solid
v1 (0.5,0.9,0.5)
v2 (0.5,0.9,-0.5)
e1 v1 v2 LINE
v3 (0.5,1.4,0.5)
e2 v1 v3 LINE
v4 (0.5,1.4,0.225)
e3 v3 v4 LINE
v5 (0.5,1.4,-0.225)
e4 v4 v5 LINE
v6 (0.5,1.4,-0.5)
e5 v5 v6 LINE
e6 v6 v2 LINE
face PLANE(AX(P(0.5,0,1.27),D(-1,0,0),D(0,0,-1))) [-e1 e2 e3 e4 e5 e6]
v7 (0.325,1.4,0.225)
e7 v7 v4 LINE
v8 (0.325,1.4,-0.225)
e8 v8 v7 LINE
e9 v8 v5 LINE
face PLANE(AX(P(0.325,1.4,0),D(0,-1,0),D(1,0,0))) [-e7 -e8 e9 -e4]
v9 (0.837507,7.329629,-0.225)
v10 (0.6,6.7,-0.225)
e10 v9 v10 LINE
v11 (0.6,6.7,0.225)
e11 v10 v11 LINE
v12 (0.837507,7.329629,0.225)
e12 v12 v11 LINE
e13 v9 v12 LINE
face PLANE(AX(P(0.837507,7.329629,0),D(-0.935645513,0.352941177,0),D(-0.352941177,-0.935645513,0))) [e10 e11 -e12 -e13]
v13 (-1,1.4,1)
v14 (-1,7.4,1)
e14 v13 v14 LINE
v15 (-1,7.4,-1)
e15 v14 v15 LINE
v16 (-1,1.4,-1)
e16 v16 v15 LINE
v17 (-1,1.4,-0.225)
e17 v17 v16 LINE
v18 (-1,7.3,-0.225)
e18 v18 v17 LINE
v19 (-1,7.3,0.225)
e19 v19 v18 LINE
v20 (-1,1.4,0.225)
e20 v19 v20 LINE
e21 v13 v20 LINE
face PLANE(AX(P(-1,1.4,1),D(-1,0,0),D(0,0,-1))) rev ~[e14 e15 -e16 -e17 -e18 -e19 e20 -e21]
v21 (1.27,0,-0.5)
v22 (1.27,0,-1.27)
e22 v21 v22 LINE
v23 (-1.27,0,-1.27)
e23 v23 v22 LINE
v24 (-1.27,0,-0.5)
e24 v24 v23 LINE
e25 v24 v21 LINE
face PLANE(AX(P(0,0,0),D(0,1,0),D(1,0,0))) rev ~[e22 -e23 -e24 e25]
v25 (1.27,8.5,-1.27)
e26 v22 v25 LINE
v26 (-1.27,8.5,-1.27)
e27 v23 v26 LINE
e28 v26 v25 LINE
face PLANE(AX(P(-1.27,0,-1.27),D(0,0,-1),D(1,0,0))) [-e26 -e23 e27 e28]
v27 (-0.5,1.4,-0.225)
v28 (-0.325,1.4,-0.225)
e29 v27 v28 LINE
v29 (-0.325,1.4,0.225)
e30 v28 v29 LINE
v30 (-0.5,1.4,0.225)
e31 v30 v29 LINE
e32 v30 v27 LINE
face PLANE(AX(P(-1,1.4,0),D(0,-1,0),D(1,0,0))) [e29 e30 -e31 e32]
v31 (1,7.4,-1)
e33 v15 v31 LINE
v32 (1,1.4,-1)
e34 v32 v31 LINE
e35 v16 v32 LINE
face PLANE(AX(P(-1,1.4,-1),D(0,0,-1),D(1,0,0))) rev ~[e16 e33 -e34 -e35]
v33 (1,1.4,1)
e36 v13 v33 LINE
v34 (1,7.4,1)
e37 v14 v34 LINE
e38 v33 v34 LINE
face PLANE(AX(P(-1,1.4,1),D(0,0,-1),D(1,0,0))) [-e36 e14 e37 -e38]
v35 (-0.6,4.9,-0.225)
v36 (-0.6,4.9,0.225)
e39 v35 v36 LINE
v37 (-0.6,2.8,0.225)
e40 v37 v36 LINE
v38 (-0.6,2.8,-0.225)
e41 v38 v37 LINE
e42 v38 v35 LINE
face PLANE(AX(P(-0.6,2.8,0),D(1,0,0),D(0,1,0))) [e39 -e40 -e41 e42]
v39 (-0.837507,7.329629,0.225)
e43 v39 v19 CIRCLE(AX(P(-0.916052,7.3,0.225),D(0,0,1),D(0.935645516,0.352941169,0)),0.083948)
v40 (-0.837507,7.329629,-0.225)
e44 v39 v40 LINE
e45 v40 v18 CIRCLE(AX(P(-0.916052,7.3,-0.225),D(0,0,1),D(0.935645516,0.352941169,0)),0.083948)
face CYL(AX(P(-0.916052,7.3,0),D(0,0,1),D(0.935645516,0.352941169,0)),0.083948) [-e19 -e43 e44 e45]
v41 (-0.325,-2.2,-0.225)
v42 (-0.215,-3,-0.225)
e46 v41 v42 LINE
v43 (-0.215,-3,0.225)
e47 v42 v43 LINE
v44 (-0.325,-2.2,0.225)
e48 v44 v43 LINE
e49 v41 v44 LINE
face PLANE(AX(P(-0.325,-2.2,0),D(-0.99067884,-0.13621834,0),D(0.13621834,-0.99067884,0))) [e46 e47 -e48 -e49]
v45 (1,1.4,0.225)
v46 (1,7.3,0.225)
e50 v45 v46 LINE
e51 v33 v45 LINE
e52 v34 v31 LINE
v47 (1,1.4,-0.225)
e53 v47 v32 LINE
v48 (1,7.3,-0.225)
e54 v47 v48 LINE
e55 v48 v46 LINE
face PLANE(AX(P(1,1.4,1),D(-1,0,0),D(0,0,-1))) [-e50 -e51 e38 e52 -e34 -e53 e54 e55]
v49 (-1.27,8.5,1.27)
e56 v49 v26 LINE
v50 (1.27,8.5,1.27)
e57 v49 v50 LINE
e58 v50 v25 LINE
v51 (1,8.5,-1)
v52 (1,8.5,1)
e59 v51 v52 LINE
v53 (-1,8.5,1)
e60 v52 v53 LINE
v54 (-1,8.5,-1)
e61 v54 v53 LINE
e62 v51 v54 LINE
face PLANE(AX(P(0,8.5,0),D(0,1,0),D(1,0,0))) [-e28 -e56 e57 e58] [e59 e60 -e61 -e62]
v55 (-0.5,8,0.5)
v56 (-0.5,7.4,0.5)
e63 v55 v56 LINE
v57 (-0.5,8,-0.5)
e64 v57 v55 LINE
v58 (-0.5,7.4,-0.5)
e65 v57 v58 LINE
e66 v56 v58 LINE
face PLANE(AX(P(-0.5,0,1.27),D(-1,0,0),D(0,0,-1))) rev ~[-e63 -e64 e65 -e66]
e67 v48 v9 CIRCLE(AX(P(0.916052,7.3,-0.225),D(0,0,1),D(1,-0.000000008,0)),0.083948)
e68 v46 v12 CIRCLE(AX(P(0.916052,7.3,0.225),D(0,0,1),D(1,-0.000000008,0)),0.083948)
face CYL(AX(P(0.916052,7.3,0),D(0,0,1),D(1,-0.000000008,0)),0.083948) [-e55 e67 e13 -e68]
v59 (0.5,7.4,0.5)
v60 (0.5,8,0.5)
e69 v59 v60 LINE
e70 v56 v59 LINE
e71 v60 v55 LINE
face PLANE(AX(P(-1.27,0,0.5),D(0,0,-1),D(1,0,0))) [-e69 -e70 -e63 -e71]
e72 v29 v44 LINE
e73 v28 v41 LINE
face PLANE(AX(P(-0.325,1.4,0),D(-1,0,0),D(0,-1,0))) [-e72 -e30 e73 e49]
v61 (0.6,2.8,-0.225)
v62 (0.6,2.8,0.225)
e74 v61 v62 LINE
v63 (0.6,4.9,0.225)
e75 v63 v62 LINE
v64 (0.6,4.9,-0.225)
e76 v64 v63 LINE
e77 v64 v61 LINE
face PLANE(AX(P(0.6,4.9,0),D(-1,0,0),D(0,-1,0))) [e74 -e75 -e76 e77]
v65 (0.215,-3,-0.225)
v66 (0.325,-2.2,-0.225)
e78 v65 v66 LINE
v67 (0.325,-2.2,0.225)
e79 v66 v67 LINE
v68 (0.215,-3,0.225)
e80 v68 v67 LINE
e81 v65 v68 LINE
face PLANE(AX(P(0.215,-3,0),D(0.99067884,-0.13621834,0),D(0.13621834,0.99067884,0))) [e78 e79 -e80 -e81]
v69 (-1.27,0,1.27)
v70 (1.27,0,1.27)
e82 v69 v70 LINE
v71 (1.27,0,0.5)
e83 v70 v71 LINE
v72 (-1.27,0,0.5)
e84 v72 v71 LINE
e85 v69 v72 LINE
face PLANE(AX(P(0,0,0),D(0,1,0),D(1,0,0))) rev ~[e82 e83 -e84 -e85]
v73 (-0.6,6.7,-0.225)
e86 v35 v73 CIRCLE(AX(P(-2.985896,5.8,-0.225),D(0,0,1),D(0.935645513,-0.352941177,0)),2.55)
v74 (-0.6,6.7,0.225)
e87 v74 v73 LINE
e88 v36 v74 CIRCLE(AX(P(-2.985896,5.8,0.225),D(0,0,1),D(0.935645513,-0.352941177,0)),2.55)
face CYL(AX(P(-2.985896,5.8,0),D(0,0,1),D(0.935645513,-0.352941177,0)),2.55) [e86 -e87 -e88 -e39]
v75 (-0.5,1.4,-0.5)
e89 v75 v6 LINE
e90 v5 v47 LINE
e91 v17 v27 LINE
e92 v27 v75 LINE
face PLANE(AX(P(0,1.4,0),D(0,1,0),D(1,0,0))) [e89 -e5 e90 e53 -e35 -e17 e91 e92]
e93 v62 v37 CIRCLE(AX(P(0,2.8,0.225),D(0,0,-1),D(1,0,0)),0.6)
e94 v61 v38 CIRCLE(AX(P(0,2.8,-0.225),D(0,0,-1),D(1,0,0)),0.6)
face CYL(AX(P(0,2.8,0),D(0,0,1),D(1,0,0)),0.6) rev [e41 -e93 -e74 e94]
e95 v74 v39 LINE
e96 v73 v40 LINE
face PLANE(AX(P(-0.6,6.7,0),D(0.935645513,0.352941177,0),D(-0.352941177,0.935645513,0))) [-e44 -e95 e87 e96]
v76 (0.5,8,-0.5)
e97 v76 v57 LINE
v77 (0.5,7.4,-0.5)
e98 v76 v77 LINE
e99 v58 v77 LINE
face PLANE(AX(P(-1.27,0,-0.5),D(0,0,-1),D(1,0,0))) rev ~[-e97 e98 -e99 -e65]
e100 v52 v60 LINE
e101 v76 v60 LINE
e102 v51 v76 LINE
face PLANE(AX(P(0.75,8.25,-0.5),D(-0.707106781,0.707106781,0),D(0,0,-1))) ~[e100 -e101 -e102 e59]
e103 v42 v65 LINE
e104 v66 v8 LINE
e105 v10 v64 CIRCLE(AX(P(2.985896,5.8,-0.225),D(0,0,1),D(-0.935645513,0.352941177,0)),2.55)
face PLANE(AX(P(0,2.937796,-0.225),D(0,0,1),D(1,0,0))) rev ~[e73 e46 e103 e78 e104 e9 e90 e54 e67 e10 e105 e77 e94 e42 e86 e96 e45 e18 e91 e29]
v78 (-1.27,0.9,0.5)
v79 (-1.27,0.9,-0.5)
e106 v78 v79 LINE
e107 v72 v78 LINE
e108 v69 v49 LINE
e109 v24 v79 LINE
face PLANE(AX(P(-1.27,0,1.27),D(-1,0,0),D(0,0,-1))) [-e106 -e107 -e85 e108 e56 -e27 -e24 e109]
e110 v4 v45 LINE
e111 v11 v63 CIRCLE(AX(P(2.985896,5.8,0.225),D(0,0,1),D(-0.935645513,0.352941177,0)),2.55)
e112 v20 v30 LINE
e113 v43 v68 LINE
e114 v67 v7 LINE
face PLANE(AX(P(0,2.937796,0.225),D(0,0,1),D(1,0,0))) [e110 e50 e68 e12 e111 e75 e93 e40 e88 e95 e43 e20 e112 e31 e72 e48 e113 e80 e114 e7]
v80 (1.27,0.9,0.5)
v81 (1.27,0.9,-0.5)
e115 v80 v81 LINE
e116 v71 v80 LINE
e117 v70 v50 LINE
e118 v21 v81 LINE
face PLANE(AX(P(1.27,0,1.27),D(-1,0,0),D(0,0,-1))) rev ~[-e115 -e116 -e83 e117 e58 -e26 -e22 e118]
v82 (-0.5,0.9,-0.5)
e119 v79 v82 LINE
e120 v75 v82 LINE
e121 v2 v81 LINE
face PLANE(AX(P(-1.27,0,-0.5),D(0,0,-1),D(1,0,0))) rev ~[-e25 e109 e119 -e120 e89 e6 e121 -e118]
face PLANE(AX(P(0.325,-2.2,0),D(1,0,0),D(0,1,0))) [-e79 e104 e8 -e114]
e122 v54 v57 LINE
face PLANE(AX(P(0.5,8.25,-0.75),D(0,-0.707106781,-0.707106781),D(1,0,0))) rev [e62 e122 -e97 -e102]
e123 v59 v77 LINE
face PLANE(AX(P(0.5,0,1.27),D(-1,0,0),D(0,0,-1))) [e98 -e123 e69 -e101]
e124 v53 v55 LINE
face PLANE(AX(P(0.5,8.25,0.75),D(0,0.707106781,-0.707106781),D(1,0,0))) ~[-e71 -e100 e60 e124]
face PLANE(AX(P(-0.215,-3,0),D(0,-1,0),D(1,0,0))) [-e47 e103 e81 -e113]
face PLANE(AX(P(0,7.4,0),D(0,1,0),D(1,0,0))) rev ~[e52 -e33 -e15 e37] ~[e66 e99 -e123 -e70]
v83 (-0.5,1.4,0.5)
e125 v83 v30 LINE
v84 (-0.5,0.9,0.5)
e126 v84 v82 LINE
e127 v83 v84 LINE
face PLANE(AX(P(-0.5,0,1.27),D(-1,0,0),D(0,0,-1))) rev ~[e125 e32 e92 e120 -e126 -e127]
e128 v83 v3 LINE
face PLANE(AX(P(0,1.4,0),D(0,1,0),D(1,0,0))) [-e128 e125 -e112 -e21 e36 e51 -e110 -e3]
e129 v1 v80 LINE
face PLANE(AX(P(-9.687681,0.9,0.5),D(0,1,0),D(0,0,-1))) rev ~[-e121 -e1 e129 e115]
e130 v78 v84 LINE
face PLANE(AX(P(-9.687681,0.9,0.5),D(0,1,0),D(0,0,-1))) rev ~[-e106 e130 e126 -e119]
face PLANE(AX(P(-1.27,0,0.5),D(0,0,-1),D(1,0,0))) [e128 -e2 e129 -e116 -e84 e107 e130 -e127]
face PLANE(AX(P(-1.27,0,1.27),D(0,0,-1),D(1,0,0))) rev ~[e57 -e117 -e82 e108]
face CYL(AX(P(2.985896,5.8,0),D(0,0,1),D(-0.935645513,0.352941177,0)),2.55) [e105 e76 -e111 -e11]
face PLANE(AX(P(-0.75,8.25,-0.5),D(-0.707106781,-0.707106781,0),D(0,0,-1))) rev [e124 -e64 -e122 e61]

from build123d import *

# Parameters (mm, degrees)
SKETCH1_W               = 2.54
SKETCH1_H               = 2.54
BOSS_EXTRUDE1_DEPTH     = 8.5
SHELL1_T                = -0.77
CHAMFER1_SIZE           = 0.5
CUT_EXTRUDE1_DEPTH      = 9.687680933
CUT_EXTRUDE1_DEPTH_BACK = 9.687680933
SKETCH2_W               = 1
SKETCH2_H               = 0.9
CUT_EXTRUDE3_START      = 1.4
SKETCH3_W               = 2
SKETCH3_H               = 2
CUT_EXTRUDE3_DEPTH      = 6
BOSS_EXTRUDE2_DEPTH     = 0.225


with BuildPart() as part:
    # Sketch1 → Boss-Extrude1 (new body)
    with BuildSketch(Plane(origin=(0, 0, 0), x_dir=(1, 0, 0), z_dir=(0, 1, 0))):
        Rectangle(SKETCH1_W, SKETCH1_H)
    extrude(amount=BOSS_EXTRUDE1_DEPTH)

    # Shell1
    shell1_openings = [part.faces().sort_by_distance(p)[0] for p in [
        (0, 8.5, 0),
    ]]
    offset(amount=SHELL1_T, openings=shell1_openings, kind=Kind.INTERSECTION)

    # Chamfer1
    chamfer1_edges = [part.edges().sort_by_distance(p)[0] for p in [
        (-0.5, 8.5, 0),
        (0, 8.5, 0.5),
        (0.5, 8.5, 0),
        (0, 8.5, -0.5),
    ]]
    chamfer(chamfer1_edges, length=CHAMFER1_SIZE)

    # Sketch2 → Cut-Extrude1 (cut, two sides: drawn at the far end of the back side and taken through both)
    with BuildSketch(Plane(origin=(0, 0, 0), x_dir=(0, 0, -1), z_dir=(1, 0, 0)).offset(-CUT_EXTRUDE1_DEPTH_BACK)):
        with Locations((0, 0.45)):
            Rectangle(SKETCH2_W, SKETCH2_H)
    extrude(amount=CUT_EXTRUDE1_DEPTH + CUT_EXTRUDE1_DEPTH_BACK, mode=Mode.SUBTRACT)

    # Sketch3 → Cut-Extrude3 (cut)
    with BuildSketch(Plane(origin=(0, 0, 0), x_dir=(1, 0, 0), z_dir=(0, 1, 0)).offset(CUT_EXTRUDE3_START)):
        Rectangle(SKETCH3_W, SKETCH3_H)
    extrude(amount=CUT_EXTRUDE3_DEPTH, mode=Mode.SUBTRACT)

    # Sketch4 → Boss-Extrude2 (add, symmetric)
    with BuildSketch(Plane.XY):
        with BuildLine():
            Line((-1, 7.3), (-1, 1.4))
            Line((-1, 1.4), (-0.325, 1.4))
            Line((-0.325, 1.4), (-0.325, -2.2))
            Line((-0.325, -2.2), (-0.215, -3))
            Line((-0.215, -3), (0.215, -3))
            Line((0.215, -3), (0.325, -2.2))
            Line((0.325, -2.2), (0.325, 1.4))
            Line((0.325, 1.4), (1, 1.4))
            Line((1, 1.4), (1, 7.3))
            ThreePointArc((1, 7.3), (0.931110636, 7.382586314), (0.837506501, 7.329628693))
            Line((0.837506501, 7.329628693), (0.6, 6.7))
            ThreePointArc((0.6, 6.7), (0.435896058, 5.8), (0.6, 4.9))
            Line((0.6, 4.9), (0.6, 2.8))
            ThreePointArc((0.6, 2.8), (0, 2.2), (-0.6, 2.8))
            Line((-0.6, 2.8), (-0.6, 4.9))
            ThreePointArc((-0.6, 4.9), (-0.435896058, 5.8), (-0.6, 6.7))
            Line((-0.6, 6.7), (-0.837506501, 7.329628693))
            ThreePointArc((-0.837506501, 7.329628693), (-0.931110636, 7.382586314), (-1, 7.3))
        make_face()
    extrude(amount=BOSS_EXTRUDE2_DEPTH, both=True)


solid = part.part
